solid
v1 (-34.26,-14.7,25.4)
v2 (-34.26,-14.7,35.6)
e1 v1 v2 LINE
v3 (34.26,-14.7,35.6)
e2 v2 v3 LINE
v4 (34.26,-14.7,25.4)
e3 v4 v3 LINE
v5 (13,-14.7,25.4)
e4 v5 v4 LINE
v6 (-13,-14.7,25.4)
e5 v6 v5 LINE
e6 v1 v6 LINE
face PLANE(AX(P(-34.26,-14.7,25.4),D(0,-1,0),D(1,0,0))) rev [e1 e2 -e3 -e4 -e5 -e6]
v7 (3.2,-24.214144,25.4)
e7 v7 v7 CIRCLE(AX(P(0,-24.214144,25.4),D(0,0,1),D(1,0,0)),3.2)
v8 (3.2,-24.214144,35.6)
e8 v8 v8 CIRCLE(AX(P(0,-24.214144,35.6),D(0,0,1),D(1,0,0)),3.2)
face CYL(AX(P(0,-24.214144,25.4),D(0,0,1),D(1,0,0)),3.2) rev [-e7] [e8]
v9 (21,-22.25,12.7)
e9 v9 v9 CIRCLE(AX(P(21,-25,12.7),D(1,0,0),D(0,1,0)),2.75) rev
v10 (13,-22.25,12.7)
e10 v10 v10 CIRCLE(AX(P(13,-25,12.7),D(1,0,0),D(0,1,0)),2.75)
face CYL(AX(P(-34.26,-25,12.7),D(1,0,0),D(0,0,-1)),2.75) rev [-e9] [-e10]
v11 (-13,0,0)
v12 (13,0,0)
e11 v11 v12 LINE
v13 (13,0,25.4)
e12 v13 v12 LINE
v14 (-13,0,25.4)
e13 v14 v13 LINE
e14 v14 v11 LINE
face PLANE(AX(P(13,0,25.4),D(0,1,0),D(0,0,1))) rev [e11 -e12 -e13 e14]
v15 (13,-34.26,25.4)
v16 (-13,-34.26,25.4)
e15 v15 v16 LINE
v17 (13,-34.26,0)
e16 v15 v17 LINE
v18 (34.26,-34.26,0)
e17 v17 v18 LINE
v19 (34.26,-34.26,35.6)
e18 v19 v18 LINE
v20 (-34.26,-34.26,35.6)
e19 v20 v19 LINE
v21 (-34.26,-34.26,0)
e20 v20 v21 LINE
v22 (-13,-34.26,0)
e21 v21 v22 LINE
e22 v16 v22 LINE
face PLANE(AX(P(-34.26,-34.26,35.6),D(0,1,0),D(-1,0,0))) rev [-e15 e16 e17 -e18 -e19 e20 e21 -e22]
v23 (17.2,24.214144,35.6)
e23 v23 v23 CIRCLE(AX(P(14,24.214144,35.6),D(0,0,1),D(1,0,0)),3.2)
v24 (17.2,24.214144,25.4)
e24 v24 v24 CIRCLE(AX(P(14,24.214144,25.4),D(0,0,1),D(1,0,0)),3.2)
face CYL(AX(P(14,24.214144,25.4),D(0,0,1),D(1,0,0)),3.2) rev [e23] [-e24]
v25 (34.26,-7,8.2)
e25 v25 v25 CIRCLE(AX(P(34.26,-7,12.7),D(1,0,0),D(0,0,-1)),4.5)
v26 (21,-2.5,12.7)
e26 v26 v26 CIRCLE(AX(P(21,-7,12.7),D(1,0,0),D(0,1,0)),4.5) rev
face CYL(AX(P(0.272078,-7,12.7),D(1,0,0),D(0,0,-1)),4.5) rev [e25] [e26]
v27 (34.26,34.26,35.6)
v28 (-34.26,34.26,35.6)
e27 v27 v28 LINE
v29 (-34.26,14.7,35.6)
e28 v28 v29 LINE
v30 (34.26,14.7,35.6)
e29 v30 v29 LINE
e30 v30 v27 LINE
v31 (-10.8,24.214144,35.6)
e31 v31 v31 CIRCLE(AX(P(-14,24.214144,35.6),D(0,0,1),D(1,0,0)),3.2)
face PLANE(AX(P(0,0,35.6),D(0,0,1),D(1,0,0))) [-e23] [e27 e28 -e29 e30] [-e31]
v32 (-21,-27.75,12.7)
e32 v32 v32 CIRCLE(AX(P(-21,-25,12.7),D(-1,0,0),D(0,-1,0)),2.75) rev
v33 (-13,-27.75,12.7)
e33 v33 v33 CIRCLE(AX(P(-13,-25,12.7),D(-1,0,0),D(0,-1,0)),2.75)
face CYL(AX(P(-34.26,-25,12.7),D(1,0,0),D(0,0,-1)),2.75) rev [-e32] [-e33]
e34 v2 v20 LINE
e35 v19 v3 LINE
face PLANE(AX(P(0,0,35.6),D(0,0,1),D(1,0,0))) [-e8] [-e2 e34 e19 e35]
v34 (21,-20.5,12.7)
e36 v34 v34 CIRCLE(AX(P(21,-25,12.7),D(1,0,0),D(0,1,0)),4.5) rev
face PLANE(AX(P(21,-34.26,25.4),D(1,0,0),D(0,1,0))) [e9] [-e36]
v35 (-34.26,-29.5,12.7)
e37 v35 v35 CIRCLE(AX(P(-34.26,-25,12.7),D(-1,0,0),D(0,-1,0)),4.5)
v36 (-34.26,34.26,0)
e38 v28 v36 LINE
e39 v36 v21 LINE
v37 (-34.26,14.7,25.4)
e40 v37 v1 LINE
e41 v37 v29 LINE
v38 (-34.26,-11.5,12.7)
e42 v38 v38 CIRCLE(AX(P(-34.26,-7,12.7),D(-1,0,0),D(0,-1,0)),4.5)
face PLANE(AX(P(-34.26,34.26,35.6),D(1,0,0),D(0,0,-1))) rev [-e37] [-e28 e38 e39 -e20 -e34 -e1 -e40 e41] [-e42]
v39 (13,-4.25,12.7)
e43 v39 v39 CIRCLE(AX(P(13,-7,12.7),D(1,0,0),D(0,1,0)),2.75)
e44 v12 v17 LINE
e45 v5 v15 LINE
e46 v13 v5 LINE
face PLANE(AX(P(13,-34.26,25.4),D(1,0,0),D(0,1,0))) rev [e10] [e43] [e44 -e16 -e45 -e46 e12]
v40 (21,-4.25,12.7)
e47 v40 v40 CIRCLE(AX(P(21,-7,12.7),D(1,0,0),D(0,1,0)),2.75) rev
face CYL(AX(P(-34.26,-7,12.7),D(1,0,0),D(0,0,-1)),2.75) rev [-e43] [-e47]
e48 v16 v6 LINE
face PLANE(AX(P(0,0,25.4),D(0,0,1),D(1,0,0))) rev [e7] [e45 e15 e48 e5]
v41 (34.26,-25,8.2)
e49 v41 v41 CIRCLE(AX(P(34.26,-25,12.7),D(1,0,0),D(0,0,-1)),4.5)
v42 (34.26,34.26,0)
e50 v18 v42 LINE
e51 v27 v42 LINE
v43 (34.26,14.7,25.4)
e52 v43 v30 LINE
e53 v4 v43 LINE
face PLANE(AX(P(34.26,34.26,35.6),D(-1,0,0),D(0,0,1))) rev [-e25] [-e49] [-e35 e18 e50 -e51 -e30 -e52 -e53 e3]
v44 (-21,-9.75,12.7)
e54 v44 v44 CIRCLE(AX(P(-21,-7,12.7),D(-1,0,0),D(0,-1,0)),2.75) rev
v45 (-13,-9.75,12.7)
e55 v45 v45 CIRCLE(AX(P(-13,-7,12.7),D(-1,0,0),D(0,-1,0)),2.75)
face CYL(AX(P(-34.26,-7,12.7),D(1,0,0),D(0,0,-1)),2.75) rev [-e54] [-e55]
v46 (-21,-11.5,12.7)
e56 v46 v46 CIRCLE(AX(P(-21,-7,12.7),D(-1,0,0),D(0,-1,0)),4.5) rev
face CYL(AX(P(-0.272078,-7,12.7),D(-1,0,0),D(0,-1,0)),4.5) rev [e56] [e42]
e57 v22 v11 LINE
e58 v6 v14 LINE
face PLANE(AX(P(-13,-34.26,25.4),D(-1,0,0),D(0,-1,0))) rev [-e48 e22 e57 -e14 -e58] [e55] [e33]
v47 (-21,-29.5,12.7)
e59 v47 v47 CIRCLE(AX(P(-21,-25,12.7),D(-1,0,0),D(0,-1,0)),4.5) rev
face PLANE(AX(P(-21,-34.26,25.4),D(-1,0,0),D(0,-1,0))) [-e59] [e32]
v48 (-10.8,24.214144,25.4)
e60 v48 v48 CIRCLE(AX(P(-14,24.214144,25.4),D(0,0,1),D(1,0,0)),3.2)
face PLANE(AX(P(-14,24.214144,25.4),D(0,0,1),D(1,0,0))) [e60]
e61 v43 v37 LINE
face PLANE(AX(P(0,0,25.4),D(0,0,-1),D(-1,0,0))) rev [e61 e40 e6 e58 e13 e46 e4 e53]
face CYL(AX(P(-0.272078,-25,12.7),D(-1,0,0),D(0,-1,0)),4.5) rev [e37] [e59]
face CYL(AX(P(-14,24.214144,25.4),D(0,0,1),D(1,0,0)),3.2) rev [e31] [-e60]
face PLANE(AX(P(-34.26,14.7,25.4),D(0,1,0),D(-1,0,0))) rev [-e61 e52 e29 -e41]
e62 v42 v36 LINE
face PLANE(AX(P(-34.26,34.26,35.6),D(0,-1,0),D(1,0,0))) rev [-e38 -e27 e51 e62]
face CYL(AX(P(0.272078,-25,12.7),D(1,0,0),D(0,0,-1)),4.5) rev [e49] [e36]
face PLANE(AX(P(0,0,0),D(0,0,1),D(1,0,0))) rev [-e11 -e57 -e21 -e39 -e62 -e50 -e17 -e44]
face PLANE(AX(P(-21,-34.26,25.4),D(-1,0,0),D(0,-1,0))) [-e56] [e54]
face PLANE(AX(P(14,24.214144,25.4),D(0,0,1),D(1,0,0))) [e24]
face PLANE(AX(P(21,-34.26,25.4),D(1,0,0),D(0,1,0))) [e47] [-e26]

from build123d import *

# Parameters (mm, degrees)
SKETCH1_W               = 68.52
SKETCH1_H               = 68.52
BOSS_EXTRUDE1_DEPTH     = 35.6
SKETCH2_W               = 68.52
SKETCH2_H               = 29.4
CUT_EXTRUDE1_DEPTH      = 10.2
SKETCH3_R               = 3.2
CUT_EXTRUDE2_DEPTH      = 10.2
SKETCH4_W               = 26
SKETCH4_H               = 34.26
CUT_EXTRUDE3_DEPTH      = 25.4
CUT_EXTRUDE4_DEPTH      = 85.47542838
CUT_EXTRUDE4_DEPTH_BACK = 85.47542838
SKETCH6_R               = 2.75
SKETCH7_R               = 4.5
CUT_EXTRUDE5_DEPTH      = 13.26
CUT_EXTRUDE6_START      = -13.26
SKETCH8_R               = 4.5
CUT_EXTRUDE6_DEPTH      = 13.26


with BuildPart() as part:
    # Sketch1 → Boss-Extrude1 (new body)
    with BuildSketch(Plane.XY):
        Rectangle(SKETCH1_W, SKETCH1_H)
    extrude(amount=BOSS_EXTRUDE1_DEPTH)

    # Sketch2 → Cut-Extrude1 (cut)
    with BuildSketch(Plane.XY.offset(35.6)):
        Rectangle(SKETCH2_W, SKETCH2_H)
    extrude(amount=-CUT_EXTRUDE1_DEPTH, mode=Mode.SUBTRACT)

    # Sketch3 → Cut-Extrude2 (cut)
    with BuildSketch(Plane.XY.offset(35.6)):
        with Locations((-14, 24.2141445)):
            Circle(SKETCH3_R)
        with Locations((14, 24.2141445)):
            Circle(SKETCH3_R)
        with Locations((0, -24.2141445)):
            Circle(SKETCH3_R)
    extrude(amount=-CUT_EXTRUDE2_DEPTH, mode=Mode.SUBTRACT)

    # Sketch4 → Cut-Extrude3 (cut)
    with BuildSketch(Plane(origin=(0, 0, 0), x_dir=(-1, 0, 0), z_dir=(0, 0, -1))):
        with Locations((0, -17.13)):
            Rectangle(SKETCH4_W, SKETCH4_H)
    extrude(amount=-CUT_EXTRUDE3_DEPTH, mode=Mode.SUBTRACT)

    # Sketch6 → Cut-Extrude4 (cut, two sides: drawn at the far end of the back side and taken through both)
    with BuildSketch(Plane(origin=(34.26, 0, 0), x_dir=(0, 0, -1), z_dir=(1, 0, 0)).offset(-CUT_EXTRUDE4_DEPTH_BACK)):
        with Locations((-12.7, -7)):
            Circle(SKETCH6_R)
        with Locations((-12.7, -25)):
            Circle(SKETCH6_R)
    extrude(amount=CUT_EXTRUDE4_DEPTH + CUT_EXTRUDE4_DEPTH_BACK, mode=Mode.SUBTRACT)

    # Sketch7 → Cut-Extrude5 (cut)
    with BuildSketch(Plane(origin=(34.26, 0, 0), x_dir=(0, 0, -1), z_dir=(1, 0, 0))):
        with Locations((-12.7, -7)):
            Circle(SKETCH7_R)
        with Locations((-12.7, -25)):
            Circle(SKETCH7_R)
    extrude(amount=-CUT_EXTRUDE5_DEPTH, mode=Mode.SUBTRACT)

    # Sketch8 → Cut-Extrude6 (cut)
    with BuildSketch(Plane.ZY.offset(34.26).offset(CUT_EXTRUDE6_START)):
        with Locations(Location((12.7, -7, 0), (0, 0, 180))):
            Circle(SKETCH8_R)
        with Locations(Location((12.7, -25, 0), (0, 0, 180))):
            Circle(SKETCH8_R)
    extrude(amount=CUT_EXTRUDE6_DEPTH, mode=Mode.SUBTRACT)


solid = part.part
